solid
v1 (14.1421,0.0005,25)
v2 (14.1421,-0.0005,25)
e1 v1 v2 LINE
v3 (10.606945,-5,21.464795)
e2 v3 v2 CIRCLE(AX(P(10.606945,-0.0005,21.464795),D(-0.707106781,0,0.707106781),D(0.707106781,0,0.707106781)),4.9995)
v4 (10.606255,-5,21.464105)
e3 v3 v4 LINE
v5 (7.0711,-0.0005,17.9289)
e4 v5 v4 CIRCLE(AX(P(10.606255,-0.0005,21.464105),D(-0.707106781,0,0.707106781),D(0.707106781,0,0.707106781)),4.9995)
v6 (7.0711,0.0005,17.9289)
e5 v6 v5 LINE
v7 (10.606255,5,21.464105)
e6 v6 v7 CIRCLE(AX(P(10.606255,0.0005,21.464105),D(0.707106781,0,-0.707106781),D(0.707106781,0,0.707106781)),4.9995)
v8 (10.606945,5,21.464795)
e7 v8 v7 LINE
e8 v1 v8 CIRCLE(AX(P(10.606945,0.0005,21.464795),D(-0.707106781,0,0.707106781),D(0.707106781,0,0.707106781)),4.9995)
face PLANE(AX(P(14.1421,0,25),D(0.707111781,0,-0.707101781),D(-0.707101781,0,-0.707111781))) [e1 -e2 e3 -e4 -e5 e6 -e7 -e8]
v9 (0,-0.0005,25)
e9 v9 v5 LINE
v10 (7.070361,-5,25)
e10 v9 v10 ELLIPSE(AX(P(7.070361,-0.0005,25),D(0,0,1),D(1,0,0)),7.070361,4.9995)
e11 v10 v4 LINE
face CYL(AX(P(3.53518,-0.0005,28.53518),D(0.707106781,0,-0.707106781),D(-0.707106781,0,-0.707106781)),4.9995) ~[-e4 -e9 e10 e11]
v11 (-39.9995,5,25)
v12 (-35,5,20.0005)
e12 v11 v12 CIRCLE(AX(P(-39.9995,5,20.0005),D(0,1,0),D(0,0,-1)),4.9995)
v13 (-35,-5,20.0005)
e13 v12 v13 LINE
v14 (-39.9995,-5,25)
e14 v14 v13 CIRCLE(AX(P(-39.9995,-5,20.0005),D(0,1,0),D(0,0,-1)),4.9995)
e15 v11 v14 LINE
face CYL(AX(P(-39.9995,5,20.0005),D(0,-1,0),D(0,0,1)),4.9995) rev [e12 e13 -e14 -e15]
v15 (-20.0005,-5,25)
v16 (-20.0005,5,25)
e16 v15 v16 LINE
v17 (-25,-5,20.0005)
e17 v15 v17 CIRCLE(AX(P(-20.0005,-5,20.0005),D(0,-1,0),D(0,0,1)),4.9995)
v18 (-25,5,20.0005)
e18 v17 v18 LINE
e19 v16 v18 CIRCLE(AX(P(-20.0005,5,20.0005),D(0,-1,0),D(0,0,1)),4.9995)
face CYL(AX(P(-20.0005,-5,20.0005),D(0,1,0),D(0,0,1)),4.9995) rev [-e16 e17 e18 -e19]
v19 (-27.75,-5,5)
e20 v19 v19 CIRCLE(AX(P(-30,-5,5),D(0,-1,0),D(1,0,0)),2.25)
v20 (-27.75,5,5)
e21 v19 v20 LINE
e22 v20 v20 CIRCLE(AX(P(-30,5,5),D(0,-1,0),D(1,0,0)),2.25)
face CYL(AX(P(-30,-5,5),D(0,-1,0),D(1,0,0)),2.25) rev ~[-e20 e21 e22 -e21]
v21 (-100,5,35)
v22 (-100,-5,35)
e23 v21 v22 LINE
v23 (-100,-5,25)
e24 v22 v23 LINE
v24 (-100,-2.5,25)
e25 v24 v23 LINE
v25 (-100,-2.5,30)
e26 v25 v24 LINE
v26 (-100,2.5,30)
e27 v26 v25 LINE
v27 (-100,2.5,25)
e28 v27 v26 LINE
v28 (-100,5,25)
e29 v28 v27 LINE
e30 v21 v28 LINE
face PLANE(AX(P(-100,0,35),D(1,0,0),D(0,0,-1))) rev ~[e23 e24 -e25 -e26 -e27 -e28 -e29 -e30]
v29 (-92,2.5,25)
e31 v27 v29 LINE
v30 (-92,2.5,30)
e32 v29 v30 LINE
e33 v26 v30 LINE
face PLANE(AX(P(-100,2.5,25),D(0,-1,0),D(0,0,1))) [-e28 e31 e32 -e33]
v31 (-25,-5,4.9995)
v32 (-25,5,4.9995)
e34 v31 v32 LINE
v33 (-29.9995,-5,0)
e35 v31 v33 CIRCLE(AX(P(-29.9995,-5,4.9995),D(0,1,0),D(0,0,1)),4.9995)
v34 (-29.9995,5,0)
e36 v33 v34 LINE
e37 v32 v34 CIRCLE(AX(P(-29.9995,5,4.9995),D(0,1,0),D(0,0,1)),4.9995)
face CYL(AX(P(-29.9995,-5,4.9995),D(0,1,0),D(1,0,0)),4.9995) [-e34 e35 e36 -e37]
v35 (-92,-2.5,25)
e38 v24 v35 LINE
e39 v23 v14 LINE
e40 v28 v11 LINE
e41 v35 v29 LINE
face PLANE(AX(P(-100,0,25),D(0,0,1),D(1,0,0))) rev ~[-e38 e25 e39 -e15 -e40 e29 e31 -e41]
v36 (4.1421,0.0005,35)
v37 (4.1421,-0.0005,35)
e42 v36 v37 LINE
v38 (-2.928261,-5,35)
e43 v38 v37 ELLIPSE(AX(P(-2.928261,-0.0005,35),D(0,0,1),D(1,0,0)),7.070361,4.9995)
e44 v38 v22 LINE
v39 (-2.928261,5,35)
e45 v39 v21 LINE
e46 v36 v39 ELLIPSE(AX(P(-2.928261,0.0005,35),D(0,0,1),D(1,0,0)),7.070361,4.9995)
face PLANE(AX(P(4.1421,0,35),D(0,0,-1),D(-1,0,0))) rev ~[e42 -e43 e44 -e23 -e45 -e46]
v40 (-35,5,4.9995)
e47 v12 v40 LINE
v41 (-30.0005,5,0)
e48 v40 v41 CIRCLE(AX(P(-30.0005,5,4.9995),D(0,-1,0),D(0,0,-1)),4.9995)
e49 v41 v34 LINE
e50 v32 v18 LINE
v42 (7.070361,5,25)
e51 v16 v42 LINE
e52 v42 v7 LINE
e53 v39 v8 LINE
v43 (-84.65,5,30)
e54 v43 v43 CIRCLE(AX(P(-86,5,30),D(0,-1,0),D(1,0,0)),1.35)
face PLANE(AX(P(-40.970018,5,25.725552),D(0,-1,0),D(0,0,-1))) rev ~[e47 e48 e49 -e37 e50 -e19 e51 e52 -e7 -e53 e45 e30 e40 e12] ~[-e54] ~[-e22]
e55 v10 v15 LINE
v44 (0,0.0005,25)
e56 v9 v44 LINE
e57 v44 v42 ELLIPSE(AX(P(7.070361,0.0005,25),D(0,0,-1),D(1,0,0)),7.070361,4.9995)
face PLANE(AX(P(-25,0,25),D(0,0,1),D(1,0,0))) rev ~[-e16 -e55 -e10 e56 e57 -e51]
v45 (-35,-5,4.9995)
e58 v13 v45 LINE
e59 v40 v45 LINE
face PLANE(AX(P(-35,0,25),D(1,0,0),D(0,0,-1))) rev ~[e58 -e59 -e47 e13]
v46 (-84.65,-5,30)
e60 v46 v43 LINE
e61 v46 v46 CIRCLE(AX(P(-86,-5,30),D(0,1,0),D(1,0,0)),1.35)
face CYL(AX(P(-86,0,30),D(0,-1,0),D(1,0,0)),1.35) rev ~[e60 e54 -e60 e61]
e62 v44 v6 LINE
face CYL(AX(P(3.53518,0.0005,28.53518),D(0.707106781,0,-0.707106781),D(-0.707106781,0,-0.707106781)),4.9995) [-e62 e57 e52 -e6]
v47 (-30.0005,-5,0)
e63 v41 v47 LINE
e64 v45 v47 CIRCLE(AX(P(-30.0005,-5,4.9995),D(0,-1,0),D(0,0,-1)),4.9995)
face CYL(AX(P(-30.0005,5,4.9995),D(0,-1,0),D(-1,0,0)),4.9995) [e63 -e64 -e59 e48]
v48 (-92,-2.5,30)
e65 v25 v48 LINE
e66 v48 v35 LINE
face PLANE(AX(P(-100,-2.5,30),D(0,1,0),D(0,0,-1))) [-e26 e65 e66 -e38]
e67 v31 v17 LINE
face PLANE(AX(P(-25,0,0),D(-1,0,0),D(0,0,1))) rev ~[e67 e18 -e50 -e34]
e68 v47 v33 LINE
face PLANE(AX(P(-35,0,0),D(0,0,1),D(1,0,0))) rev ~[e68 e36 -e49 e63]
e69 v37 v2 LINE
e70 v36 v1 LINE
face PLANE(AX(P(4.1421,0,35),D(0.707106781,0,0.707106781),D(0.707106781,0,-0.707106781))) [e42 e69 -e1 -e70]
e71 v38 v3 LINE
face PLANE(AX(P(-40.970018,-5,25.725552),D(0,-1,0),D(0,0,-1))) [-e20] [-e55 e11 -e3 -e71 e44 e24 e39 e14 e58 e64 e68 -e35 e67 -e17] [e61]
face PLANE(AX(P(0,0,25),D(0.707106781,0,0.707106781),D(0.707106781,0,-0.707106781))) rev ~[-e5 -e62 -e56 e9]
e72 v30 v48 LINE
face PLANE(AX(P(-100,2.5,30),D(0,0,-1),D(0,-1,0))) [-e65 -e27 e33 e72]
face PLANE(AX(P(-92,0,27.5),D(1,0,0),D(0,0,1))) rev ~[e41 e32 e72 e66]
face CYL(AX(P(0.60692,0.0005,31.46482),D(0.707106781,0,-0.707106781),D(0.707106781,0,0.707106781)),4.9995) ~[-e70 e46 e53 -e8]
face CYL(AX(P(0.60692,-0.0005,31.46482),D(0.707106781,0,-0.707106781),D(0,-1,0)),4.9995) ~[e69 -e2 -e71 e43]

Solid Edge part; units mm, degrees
sketch "Sketch1" plane through (0, 0, 0) normal (0, -1, 0) x (1, 0, 0)
  line L0 (0, 25) -> (7.0711, 17.9289)
  line L1 (14.1421, 25) -> (7.0711, 17.9289)
  line L2 (4.1421, 35) -> (14.1421, 25)
  line L3 (4.1421, 35) -> (-100, 35)
  line L4 (-100, 35) -> (-100, 25)
  line L5 (-100, 25) -> (-35, 25)
  line L6 (-35, 25) -> (-35, 0)
  line L7 (-35, 0) -> (-25, 0)
  line L8 (-25, 0) -> (-25, 25)
  line L9 (-25, 25) -> (0, 25)
extrude "Protrusion1" add sketch "Sketch1" along normal mid plane 10
fillet "Round_1" radius 5 4 edges at (3.5355, -5, 21.4645) (3.5355, 5, 21.4645) (9.1421, 5, 30) (9.1421, -5, 30)
sketch "Sketch2" plane through (-61.4645, -5, 24) normal (0, -1, 0) x (1, 0, 0)
  circle A0 centre (31.4645, -19) radius 2.25
extrude "ExtrudedCutout_1" cut sketch "Sketch2" along normal mid plane 69.4908
fillet "Round_2" radius 5 4 edges at (-25, 0, 0) (-35, 0, 0) (-25, 0, 25) (-35, 0, 25)
sketch "Sketch3" plane through (-100, 0, 43) normal (-1, 0, 0) x (0, 0, -1)
  line L0 (18, -2.5) -> (13, -2.5)
  line L1 (13, -2.5) -> (13, 2.5)
  line L2 (13, 2.5) -> (18, 2.5)
  line L3 (18, 2.5) -> (18, -2.5)
extrude "ExtrudedCutout_2" cut sketch "Sketch3" against normal blind 8
sketch "Sketch4" plane through (0, 0, 0) normal (0, -1, 0) x (1, 0, 0)
  circle A0 centre (-86, 30) radius 1.35
extrude "ExtrudedCutout_3" cut sketch "Sketch4" along normal mid plane 29.2691
properties material "PVC"
